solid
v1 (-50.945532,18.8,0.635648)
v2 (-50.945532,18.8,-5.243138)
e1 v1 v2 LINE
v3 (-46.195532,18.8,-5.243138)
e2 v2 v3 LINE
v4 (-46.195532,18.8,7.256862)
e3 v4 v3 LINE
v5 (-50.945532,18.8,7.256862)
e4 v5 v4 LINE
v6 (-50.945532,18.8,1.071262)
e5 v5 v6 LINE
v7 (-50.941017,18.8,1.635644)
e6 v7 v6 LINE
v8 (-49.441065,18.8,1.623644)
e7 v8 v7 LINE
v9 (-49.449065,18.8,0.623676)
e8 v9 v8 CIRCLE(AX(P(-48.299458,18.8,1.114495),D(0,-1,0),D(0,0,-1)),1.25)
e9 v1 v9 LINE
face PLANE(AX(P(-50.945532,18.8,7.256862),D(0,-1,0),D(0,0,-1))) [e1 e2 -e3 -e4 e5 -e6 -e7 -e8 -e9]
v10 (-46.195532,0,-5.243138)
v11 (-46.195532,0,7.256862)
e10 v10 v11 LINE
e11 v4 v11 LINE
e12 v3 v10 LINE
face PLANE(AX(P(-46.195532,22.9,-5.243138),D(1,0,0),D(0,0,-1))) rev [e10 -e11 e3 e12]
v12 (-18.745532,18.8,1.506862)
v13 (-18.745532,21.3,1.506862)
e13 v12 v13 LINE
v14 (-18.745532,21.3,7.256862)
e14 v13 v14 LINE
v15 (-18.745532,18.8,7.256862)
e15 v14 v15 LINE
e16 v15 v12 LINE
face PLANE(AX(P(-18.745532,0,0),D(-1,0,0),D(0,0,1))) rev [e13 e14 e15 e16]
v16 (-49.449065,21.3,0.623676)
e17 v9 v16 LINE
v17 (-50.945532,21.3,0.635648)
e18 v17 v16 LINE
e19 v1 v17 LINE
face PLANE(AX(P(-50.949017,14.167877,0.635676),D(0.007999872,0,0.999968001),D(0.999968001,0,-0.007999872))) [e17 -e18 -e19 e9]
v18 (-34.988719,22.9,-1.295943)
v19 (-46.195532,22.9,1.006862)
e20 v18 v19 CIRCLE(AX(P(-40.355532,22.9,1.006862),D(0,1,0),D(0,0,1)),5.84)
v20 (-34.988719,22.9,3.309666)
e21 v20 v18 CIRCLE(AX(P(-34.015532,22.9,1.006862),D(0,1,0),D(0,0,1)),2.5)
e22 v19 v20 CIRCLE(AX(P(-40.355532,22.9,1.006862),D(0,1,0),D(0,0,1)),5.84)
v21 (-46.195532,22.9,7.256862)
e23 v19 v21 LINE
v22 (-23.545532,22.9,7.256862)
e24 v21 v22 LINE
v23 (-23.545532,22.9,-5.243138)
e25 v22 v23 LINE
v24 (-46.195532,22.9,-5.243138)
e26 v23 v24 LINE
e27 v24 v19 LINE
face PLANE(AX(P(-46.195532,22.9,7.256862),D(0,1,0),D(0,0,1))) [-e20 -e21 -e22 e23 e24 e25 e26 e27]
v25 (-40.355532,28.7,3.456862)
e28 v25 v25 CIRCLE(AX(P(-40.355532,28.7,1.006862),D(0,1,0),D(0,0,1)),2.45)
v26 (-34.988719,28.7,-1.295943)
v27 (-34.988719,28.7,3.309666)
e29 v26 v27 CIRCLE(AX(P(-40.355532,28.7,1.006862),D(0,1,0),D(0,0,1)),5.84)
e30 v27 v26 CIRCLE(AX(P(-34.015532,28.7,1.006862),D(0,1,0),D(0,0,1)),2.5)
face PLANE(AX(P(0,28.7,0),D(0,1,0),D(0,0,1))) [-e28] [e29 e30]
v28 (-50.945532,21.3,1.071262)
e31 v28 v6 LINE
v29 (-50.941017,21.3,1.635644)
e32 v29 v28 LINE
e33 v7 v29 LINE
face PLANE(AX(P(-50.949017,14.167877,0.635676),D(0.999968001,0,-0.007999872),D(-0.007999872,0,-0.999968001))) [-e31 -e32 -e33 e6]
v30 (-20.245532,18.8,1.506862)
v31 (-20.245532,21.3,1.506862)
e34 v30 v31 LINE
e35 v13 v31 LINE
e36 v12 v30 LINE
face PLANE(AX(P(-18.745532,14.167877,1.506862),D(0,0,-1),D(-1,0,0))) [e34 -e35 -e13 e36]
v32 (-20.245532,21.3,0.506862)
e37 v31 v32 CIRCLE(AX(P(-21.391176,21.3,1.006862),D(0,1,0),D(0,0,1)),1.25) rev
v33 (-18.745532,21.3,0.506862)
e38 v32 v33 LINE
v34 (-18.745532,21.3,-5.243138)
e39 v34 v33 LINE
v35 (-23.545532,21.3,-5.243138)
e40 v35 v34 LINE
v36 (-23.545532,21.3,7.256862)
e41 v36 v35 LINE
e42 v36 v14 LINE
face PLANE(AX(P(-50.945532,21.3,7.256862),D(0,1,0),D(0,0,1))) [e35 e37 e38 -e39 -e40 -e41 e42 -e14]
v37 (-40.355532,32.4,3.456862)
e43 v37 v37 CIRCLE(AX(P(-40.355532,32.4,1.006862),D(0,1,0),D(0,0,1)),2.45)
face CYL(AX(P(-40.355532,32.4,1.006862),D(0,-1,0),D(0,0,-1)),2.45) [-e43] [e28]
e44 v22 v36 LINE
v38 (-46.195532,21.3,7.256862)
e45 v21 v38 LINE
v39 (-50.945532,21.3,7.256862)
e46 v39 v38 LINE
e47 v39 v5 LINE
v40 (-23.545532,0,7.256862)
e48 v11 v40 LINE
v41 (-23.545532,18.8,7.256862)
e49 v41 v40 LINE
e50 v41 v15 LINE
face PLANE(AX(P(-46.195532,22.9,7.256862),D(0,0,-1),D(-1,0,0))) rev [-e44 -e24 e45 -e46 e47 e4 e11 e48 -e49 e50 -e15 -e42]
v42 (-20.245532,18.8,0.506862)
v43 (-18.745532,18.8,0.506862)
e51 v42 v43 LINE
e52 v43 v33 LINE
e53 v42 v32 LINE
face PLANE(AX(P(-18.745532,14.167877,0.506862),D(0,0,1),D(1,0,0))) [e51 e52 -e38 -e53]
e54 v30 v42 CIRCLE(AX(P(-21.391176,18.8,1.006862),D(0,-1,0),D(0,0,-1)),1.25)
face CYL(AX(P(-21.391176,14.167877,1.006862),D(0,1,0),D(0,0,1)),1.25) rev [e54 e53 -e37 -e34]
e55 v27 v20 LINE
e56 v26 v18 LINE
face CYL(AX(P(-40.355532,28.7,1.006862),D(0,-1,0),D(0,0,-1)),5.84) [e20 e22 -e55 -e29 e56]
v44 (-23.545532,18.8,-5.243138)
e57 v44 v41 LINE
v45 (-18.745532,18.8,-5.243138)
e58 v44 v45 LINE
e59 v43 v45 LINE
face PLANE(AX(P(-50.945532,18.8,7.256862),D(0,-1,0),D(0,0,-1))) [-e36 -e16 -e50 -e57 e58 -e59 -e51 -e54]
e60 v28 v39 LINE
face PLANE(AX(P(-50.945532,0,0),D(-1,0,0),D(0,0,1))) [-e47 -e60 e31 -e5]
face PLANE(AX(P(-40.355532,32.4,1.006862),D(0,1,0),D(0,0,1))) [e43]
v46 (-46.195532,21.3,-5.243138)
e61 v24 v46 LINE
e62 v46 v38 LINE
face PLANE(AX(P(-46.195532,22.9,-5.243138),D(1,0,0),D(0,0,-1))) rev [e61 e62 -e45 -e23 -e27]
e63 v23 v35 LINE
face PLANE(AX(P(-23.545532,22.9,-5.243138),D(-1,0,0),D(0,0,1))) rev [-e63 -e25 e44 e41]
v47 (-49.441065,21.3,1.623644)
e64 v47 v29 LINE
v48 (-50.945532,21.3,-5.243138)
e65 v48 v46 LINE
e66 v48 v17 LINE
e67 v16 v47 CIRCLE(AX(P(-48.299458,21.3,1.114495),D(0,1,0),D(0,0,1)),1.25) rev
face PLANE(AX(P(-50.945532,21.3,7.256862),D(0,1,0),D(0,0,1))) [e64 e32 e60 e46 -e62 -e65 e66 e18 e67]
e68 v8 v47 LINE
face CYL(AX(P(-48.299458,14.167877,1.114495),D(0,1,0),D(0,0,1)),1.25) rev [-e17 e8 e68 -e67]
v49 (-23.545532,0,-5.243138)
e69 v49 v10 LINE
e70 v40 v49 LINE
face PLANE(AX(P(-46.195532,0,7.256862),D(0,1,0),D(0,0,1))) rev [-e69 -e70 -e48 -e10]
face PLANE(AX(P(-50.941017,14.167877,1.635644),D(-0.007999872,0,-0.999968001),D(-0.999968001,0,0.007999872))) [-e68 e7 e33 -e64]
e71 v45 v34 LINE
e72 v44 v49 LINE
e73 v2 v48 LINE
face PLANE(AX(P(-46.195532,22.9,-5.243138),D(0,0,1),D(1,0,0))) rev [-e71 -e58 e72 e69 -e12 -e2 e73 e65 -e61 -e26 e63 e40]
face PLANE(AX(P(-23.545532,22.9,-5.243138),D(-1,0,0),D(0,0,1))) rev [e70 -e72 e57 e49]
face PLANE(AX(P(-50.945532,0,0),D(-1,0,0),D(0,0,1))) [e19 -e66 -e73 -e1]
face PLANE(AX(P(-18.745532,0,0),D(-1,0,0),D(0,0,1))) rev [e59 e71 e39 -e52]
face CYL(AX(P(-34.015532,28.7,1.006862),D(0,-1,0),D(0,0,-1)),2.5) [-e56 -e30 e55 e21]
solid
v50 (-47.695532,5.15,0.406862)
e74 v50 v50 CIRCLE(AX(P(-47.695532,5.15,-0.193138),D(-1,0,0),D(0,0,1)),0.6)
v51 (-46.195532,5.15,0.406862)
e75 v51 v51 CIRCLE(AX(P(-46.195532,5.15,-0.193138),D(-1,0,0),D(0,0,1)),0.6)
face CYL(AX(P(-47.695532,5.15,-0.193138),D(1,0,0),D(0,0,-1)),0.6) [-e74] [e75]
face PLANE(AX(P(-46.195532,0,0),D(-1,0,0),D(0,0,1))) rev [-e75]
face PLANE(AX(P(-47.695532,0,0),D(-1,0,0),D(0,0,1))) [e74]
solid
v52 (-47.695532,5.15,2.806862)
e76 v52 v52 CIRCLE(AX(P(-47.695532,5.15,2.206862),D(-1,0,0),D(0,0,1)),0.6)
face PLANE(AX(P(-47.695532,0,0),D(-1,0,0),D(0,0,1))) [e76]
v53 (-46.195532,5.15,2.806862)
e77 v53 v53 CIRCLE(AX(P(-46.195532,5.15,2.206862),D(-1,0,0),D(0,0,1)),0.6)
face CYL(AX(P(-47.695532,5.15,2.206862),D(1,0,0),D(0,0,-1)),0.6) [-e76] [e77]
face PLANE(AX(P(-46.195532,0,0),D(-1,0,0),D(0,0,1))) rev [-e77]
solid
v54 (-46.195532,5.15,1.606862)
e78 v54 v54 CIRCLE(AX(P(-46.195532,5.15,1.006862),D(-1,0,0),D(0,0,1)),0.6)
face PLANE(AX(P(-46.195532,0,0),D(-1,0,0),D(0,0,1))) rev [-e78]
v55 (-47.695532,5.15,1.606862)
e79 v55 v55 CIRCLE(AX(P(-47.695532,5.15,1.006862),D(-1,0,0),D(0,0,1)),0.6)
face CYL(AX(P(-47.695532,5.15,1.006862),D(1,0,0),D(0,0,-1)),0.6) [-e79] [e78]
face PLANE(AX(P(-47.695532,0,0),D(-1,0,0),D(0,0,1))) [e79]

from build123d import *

# Parameters (mm, degrees)
SKETCH1_W                = 22.65
SKETCH1_H                = 12.5
BOSS_EXTRUDE1_DEPTH      = 22.9
SKETCH4_R                = 5.84
BOSS_EXTRUDE6_DEPTH      = 5.8
SKETCH12_R               = 2.45
BOSS_EXTRUDE7_DEPTH      = 3.7
SKETCH13_R               = 2.5
BOSS_EXTRUDE8_DEPTH      = 5.8
BOSS_EXTRUDE9_DEPTH      = 4.8
BOSS_EXTRUDE9_DEPTH_BACK = 27.4
SKETCH16_W               = 12.5
SKETCH16_H               = 2.5
CUT_EXTRUDE2_DEPTH       = 4.1
SKETCH18_R               = 0.6
BOSS_EXTRUDE14_DEPTH     = 1.5
BOSS_EXTRUDE14_2_DEPTH   = 1.5
BOSS_EXTRUDE14_3_DEPTH   = 1.5


with BuildPart() as part:
    # Sketch1 → Boss-Extrude1 (new body)
    with BuildSketch(Plane(origin=(0, 0, 0), x_dir=(1, 0, 0), z_dir=(0, 1, 0))):
        with Locations((-34.870532414, -1.006861806)):
            Rectangle(SKETCH1_W, SKETCH1_H)
    extrude(amount=BOSS_EXTRUDE1_DEPTH)

    # Sketch4 → Boss-Extrude6 (add)
    with BuildSketch(Plane(origin=(0, 22.9, 0), x_dir=(-1, 0, 0), z_dir=(0, 1, 0))):
        with Locations((40.355532414, 1.006861806)):
            Circle(SKETCH4_R)
    extrude(amount=BOSS_EXTRUDE6_DEPTH)

    # Sketch12 → Boss-Extrude7 (add)
    with BuildSketch(Plane(origin=(0, 28.7, 0), x_dir=(-1, 0, 0), z_dir=(0, 1, 0))):
        with Locations(Location((40.355532414, 1.006861806, 0), (0, 0, 90))):
            Circle(SKETCH12_R)
    extrude(amount=BOSS_EXTRUDE7_DEPTH)

    # Sketch13 → Boss-Extrude8 (add)
    with BuildSketch(Plane(origin=(0, 22.9, 0), x_dir=(-1, 0, 0), z_dir=(0, 1, 0))):
        with Locations((34.015532414, 1.006861806)):
            Circle(SKETCH13_R)
    extrude(amount=BOSS_EXTRUDE8_DEPTH)

    # Sketch16 → Boss-Extrude9 (add, two sides: drawn at the far end of the back side and taken through both)
    with BuildSketch(Plane(origin=(-23.545532414, 0, 0), x_dir=(0, 0, -1), z_dir=(1, 0, 0)).offset(-BOSS_EXTRUDE9_DEPTH_BACK)):
        with Locations((-1.006861806, 20.05)):
            Rectangle(SKETCH16_W, SKETCH16_H)
    extrude(amount=BOSS_EXTRUDE9_DEPTH + BOSS_EXTRUDE9_DEPTH_BACK)

    # Sketch17 → Cut-Extrude2 (cut)
    with BuildSketch(Plane(origin=(-23.545532414, 22.9, -5.243138194), x_dir=(1, 0, 0), z_dir=(0, -1, 0))):
        with BuildLine():
            Line((4.8, 5.75), (3.3, 5.75))
            ThreePointArc((3.3, 5.75), (0.904356076, 6.25), (3.3, 6.75))
            Line((3.3, 6.75), (4.8, 6.75))
            Line((4.8, 6.75), (4.8, 5.75))
        make_face()
        with BuildLine():
            Line((-27.395484872, 6.878781939), (-25.895532871, 6.866782131))
            ThreePointArc((-25.895532871, 6.866782131), (-23.503965543, 6.347633286), (-25.903532743, 5.866814131))
            Line((-25.903532743, 5.866814131), (-27.403484744, 5.878813939))
            Line((-27.403484744, 5.878813939), (-27.395484872, 6.878781939))
        make_face()
    extrude(amount=CUT_EXTRUDE2_DEPTH, mode=Mode.SUBTRACT)


with BuildPart() as body_2:
    # Sketch18 → Boss-Extrude14 (new body)
    with BuildSketch(Plane.ZY.offset(46.195532414)):
        with Locations((-0.193138194, 5.15)):
            Circle(SKETCH18_R)
    extrude(amount=BOSS_EXTRUDE14_DEPTH)


with BuildPart() as body_3:
    # Sketch18 → Boss-Extrude14 2 (new body)
    with BuildSketch(Plane.ZY.offset(46.195532414)):
        with Locations((1.006861806, 5.15)):
            Circle(SKETCH18_R)
    extrude(amount=BOSS_EXTRUDE14_2_DEPTH)


with BuildPart() as body_4:
    # Sketch18 → Boss-Extrude14 3 (new body)
    with BuildSketch(Plane.ZY.offset(46.195532414)):
        with Locations((2.206861806, 5.15)):
            Circle(SKETCH18_R)
    extrude(amount=BOSS_EXTRUDE14_3_DEPTH)


solid = Compound([part.part, body_2.part, body_3.part, body_4.part])
